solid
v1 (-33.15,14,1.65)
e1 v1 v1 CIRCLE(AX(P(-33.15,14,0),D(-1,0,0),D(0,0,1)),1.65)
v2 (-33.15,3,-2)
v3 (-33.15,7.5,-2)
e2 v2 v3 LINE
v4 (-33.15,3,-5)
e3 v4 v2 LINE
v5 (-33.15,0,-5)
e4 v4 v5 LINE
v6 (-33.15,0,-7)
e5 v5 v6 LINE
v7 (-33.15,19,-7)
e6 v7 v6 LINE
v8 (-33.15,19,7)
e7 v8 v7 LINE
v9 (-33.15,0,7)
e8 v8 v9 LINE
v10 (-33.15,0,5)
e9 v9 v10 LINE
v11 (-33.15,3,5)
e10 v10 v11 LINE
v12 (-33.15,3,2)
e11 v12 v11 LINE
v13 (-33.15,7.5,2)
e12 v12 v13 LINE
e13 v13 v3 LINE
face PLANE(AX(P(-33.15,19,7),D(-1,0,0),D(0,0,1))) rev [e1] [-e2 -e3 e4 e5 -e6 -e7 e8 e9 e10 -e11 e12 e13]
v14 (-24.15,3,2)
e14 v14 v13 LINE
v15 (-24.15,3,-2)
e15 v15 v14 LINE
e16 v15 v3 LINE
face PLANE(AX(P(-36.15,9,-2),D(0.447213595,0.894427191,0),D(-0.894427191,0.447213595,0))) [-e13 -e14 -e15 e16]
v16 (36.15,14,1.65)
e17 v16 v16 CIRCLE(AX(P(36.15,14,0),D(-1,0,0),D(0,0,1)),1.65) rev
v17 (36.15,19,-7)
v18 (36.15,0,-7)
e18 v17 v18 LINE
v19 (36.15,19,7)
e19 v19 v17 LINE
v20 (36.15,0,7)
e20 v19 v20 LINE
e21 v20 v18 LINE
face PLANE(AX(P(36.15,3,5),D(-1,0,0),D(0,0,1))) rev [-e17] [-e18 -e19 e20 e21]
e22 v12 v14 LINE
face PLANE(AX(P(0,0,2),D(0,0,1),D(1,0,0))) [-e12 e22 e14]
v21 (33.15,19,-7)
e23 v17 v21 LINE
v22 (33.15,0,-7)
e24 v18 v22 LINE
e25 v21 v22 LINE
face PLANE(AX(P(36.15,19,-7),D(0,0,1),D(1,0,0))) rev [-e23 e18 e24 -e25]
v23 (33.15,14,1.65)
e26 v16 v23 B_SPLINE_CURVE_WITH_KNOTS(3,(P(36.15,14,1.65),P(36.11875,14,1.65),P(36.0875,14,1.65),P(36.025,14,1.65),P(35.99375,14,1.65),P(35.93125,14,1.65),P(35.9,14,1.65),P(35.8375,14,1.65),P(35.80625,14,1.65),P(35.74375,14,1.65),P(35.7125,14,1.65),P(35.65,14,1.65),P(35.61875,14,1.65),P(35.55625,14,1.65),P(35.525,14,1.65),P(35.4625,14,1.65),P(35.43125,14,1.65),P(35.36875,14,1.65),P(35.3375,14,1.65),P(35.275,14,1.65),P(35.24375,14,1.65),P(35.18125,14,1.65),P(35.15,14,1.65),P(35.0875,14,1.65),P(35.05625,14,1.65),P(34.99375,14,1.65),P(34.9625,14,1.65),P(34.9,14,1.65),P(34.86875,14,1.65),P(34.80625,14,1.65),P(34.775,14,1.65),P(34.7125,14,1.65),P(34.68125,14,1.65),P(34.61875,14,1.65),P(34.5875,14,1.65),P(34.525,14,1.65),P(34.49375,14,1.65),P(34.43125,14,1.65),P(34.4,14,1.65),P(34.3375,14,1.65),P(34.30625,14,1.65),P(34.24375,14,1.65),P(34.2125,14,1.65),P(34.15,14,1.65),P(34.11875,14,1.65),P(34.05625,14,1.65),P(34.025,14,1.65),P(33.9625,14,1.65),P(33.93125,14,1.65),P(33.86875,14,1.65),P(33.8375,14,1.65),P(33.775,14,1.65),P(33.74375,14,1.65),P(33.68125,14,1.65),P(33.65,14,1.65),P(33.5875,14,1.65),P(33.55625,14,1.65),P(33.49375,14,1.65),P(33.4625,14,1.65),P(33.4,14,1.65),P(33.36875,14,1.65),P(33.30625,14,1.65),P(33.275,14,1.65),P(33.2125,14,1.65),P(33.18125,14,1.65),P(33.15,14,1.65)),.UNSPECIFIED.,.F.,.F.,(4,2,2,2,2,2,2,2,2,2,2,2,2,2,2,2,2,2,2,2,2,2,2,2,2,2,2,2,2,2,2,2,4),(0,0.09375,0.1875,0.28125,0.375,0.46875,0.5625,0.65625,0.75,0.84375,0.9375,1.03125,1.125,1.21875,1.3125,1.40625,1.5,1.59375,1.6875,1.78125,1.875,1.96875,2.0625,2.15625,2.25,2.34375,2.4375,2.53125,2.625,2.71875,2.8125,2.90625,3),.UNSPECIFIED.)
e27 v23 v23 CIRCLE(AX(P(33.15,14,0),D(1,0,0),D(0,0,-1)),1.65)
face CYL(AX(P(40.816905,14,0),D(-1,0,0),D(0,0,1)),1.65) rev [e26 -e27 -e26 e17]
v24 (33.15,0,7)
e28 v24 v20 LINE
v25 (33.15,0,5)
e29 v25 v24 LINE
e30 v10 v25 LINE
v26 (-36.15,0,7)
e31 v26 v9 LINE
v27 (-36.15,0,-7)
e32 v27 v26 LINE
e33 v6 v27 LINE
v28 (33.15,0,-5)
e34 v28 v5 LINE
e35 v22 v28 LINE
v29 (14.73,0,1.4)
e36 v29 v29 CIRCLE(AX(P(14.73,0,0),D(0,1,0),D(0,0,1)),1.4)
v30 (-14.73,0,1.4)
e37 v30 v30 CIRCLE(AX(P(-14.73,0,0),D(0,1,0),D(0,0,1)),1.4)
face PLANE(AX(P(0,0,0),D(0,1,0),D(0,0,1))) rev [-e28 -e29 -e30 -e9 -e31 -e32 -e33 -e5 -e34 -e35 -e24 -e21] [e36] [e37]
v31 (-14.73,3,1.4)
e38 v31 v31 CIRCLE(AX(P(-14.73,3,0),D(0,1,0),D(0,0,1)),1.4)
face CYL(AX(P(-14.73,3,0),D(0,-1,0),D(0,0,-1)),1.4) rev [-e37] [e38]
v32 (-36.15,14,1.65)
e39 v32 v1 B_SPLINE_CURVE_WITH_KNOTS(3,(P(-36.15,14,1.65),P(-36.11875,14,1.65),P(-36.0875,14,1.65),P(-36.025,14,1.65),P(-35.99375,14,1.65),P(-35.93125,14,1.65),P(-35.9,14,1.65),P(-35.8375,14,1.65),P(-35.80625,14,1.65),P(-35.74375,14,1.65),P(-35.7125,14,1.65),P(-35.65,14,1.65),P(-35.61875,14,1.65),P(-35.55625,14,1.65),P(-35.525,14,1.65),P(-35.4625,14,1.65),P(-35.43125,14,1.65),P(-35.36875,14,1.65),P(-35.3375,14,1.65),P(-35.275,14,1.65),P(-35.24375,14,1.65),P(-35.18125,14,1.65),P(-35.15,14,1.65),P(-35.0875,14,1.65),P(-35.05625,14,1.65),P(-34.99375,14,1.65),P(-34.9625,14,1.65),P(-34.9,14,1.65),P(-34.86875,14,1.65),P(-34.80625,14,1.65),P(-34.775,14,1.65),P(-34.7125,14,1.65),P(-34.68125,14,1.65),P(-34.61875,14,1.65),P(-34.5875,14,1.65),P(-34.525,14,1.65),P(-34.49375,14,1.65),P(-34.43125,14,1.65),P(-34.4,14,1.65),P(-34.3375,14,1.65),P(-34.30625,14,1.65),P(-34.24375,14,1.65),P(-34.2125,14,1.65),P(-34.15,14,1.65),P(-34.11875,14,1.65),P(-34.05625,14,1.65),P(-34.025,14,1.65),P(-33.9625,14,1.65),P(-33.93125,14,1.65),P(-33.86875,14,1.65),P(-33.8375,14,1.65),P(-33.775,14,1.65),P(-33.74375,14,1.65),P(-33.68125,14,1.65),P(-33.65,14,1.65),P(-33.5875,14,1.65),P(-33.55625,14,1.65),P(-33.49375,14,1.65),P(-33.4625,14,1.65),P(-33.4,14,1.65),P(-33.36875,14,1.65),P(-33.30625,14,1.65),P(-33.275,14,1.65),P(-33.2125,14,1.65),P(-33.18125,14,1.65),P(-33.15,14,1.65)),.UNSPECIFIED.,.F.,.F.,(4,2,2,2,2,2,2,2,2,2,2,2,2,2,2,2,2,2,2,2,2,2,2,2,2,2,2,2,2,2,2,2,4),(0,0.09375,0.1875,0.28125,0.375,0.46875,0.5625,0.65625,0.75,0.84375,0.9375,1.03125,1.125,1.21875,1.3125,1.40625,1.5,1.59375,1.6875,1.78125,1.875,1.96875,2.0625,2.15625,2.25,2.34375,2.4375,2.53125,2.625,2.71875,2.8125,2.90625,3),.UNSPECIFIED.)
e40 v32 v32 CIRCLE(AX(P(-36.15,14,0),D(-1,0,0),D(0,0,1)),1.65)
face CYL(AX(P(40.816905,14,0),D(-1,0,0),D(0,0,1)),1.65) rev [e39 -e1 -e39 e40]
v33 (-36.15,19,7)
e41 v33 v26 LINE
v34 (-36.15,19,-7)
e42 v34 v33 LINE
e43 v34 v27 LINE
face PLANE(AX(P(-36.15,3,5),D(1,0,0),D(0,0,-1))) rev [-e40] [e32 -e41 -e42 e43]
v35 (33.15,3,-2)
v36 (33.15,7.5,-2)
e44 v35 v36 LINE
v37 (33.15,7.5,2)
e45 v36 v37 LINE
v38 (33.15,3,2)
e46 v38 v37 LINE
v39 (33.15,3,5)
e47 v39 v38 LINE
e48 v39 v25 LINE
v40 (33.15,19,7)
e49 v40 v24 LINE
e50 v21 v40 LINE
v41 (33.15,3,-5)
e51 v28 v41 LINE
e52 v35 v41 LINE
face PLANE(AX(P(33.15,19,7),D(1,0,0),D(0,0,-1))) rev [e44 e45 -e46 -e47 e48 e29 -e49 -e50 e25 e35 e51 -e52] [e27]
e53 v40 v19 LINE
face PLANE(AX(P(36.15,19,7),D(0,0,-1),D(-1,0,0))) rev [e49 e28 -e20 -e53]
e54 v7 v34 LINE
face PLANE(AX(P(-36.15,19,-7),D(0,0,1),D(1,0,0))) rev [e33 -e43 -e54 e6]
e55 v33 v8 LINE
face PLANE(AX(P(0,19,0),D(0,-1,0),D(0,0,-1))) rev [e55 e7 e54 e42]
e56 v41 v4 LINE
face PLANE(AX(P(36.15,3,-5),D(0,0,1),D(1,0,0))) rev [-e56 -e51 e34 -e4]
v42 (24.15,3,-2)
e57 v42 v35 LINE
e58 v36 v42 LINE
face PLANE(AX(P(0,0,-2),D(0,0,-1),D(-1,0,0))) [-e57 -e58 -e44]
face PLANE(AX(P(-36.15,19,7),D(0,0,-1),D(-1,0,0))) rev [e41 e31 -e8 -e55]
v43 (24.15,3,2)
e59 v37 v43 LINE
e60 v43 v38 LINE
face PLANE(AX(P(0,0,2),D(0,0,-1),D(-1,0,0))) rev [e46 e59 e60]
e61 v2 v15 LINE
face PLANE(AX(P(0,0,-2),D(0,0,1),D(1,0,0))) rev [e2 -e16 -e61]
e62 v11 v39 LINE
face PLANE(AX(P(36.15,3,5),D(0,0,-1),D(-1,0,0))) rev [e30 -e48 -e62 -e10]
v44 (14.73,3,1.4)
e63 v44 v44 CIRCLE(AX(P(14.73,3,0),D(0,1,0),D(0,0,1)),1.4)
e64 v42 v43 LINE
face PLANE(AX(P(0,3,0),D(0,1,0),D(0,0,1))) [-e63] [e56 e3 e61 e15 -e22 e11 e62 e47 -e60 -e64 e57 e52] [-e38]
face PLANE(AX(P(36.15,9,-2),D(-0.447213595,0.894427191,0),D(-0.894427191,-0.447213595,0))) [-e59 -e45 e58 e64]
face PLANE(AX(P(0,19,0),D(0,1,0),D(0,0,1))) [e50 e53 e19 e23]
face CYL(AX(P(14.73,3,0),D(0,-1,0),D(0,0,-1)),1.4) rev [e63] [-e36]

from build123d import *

# Parameters (mm, degrees)
SKETCH_1_W           = 72.3
SKETCH_1_H           = 10
SKETCH_1_R           = 1.4
EXTRUDE_1_DEPTH      = 3
SKETCH_2_W           = 3
SKETCH_2_H           = 14
EXTRUDE_2_DEPTH      = 19
CUT_EXTRUDE_1_REACH  = 77.082
SKETCH_3_R           = 1.65
EXTRUDE_3_DEPTH      = 2
EXTRUDE_3_DEPTH_BACK = 2


with BuildPart() as part:
    # 草图1 → 凸台-拉伸1 (new body)
    with BuildSketch(Plane(origin=(0, 0, 0), x_dir=(1, 0, 0), z_dir=(0, 1, 0))):
        Rectangle(SKETCH_1_W, SKETCH_1_H)
        with Locations(Location((-14.73, 0, 0), (0, 0, 270))):
            Circle(SKETCH_1_R, mode=Mode.SUBTRACT)
        with Locations(Location((14.73, 0, 0), (0, 0, 270))):
            Circle(SKETCH_1_R, mode=Mode.SUBTRACT)
    extrude(amount=EXTRUDE_1_DEPTH)

    # 草图2 → 凸台-拉伸2 (add)
    with BuildSketch(Plane(origin=(0, 0, 0), x_dir=(1, 0, 0), z_dir=(0, 1, 0))):
        with Locations((-34.65, 0)):
            Rectangle(SKETCH_2_W, SKETCH_2_H)
        with Locations((34.65, 0)):
            Rectangle(SKETCH_2_W, SKETCH_2_H)
    extrude(amount=EXTRUDE_2_DEPTH)

    # 切除-拉伸1: up to this face of the body (flat: up to its plane)
    cut_extrude_1_end = Plane(part.part.faces().sort_by_distance((36.15, 9.5, 0))[0])
    # 草图3 → 切除-拉伸1 (cut, up to the picked face)
    with BuildSketch(Plane.ZY.offset(36.15), mode=Mode.PRIVATE) as cut_extrude_1_sk1:
        with Locations((0, 14)):
            Circle(SKETCH_3_R)
    cut_extrude_1_tool1 = split(extrude(cut_extrude_1_sk1.sketch, amount=-CUT_EXTRUDE_1_REACH, mode=Mode.PRIVATE), bisect_by=cut_extrude_1_end, keep=Keep.BOTH, mode=Mode.PRIVATE)
    add(cut_extrude_1_tool1.solids().sort_by(Axis((-36.15, 14, 0), (1, 0, 0)))[0], mode=Mode.SUBTRACT)

    # 草图4 → 凸台-拉伸3 (add, two sides: drawn at the far end of the back side and taken through both)
    with BuildSketch(Plane.XY.offset(-EXTRUDE_3_DEPTH_BACK)):
        Polygon((-36.15, 9), (-24.15, 3), (-36.15, 3), align=None)
        Polygon((36.15, 9), (24.15, 3), (36.15, 3), align=None)
    extrude(amount=EXTRUDE_3_DEPTH + EXTRUDE_3_DEPTH_BACK)


solid = part.part
